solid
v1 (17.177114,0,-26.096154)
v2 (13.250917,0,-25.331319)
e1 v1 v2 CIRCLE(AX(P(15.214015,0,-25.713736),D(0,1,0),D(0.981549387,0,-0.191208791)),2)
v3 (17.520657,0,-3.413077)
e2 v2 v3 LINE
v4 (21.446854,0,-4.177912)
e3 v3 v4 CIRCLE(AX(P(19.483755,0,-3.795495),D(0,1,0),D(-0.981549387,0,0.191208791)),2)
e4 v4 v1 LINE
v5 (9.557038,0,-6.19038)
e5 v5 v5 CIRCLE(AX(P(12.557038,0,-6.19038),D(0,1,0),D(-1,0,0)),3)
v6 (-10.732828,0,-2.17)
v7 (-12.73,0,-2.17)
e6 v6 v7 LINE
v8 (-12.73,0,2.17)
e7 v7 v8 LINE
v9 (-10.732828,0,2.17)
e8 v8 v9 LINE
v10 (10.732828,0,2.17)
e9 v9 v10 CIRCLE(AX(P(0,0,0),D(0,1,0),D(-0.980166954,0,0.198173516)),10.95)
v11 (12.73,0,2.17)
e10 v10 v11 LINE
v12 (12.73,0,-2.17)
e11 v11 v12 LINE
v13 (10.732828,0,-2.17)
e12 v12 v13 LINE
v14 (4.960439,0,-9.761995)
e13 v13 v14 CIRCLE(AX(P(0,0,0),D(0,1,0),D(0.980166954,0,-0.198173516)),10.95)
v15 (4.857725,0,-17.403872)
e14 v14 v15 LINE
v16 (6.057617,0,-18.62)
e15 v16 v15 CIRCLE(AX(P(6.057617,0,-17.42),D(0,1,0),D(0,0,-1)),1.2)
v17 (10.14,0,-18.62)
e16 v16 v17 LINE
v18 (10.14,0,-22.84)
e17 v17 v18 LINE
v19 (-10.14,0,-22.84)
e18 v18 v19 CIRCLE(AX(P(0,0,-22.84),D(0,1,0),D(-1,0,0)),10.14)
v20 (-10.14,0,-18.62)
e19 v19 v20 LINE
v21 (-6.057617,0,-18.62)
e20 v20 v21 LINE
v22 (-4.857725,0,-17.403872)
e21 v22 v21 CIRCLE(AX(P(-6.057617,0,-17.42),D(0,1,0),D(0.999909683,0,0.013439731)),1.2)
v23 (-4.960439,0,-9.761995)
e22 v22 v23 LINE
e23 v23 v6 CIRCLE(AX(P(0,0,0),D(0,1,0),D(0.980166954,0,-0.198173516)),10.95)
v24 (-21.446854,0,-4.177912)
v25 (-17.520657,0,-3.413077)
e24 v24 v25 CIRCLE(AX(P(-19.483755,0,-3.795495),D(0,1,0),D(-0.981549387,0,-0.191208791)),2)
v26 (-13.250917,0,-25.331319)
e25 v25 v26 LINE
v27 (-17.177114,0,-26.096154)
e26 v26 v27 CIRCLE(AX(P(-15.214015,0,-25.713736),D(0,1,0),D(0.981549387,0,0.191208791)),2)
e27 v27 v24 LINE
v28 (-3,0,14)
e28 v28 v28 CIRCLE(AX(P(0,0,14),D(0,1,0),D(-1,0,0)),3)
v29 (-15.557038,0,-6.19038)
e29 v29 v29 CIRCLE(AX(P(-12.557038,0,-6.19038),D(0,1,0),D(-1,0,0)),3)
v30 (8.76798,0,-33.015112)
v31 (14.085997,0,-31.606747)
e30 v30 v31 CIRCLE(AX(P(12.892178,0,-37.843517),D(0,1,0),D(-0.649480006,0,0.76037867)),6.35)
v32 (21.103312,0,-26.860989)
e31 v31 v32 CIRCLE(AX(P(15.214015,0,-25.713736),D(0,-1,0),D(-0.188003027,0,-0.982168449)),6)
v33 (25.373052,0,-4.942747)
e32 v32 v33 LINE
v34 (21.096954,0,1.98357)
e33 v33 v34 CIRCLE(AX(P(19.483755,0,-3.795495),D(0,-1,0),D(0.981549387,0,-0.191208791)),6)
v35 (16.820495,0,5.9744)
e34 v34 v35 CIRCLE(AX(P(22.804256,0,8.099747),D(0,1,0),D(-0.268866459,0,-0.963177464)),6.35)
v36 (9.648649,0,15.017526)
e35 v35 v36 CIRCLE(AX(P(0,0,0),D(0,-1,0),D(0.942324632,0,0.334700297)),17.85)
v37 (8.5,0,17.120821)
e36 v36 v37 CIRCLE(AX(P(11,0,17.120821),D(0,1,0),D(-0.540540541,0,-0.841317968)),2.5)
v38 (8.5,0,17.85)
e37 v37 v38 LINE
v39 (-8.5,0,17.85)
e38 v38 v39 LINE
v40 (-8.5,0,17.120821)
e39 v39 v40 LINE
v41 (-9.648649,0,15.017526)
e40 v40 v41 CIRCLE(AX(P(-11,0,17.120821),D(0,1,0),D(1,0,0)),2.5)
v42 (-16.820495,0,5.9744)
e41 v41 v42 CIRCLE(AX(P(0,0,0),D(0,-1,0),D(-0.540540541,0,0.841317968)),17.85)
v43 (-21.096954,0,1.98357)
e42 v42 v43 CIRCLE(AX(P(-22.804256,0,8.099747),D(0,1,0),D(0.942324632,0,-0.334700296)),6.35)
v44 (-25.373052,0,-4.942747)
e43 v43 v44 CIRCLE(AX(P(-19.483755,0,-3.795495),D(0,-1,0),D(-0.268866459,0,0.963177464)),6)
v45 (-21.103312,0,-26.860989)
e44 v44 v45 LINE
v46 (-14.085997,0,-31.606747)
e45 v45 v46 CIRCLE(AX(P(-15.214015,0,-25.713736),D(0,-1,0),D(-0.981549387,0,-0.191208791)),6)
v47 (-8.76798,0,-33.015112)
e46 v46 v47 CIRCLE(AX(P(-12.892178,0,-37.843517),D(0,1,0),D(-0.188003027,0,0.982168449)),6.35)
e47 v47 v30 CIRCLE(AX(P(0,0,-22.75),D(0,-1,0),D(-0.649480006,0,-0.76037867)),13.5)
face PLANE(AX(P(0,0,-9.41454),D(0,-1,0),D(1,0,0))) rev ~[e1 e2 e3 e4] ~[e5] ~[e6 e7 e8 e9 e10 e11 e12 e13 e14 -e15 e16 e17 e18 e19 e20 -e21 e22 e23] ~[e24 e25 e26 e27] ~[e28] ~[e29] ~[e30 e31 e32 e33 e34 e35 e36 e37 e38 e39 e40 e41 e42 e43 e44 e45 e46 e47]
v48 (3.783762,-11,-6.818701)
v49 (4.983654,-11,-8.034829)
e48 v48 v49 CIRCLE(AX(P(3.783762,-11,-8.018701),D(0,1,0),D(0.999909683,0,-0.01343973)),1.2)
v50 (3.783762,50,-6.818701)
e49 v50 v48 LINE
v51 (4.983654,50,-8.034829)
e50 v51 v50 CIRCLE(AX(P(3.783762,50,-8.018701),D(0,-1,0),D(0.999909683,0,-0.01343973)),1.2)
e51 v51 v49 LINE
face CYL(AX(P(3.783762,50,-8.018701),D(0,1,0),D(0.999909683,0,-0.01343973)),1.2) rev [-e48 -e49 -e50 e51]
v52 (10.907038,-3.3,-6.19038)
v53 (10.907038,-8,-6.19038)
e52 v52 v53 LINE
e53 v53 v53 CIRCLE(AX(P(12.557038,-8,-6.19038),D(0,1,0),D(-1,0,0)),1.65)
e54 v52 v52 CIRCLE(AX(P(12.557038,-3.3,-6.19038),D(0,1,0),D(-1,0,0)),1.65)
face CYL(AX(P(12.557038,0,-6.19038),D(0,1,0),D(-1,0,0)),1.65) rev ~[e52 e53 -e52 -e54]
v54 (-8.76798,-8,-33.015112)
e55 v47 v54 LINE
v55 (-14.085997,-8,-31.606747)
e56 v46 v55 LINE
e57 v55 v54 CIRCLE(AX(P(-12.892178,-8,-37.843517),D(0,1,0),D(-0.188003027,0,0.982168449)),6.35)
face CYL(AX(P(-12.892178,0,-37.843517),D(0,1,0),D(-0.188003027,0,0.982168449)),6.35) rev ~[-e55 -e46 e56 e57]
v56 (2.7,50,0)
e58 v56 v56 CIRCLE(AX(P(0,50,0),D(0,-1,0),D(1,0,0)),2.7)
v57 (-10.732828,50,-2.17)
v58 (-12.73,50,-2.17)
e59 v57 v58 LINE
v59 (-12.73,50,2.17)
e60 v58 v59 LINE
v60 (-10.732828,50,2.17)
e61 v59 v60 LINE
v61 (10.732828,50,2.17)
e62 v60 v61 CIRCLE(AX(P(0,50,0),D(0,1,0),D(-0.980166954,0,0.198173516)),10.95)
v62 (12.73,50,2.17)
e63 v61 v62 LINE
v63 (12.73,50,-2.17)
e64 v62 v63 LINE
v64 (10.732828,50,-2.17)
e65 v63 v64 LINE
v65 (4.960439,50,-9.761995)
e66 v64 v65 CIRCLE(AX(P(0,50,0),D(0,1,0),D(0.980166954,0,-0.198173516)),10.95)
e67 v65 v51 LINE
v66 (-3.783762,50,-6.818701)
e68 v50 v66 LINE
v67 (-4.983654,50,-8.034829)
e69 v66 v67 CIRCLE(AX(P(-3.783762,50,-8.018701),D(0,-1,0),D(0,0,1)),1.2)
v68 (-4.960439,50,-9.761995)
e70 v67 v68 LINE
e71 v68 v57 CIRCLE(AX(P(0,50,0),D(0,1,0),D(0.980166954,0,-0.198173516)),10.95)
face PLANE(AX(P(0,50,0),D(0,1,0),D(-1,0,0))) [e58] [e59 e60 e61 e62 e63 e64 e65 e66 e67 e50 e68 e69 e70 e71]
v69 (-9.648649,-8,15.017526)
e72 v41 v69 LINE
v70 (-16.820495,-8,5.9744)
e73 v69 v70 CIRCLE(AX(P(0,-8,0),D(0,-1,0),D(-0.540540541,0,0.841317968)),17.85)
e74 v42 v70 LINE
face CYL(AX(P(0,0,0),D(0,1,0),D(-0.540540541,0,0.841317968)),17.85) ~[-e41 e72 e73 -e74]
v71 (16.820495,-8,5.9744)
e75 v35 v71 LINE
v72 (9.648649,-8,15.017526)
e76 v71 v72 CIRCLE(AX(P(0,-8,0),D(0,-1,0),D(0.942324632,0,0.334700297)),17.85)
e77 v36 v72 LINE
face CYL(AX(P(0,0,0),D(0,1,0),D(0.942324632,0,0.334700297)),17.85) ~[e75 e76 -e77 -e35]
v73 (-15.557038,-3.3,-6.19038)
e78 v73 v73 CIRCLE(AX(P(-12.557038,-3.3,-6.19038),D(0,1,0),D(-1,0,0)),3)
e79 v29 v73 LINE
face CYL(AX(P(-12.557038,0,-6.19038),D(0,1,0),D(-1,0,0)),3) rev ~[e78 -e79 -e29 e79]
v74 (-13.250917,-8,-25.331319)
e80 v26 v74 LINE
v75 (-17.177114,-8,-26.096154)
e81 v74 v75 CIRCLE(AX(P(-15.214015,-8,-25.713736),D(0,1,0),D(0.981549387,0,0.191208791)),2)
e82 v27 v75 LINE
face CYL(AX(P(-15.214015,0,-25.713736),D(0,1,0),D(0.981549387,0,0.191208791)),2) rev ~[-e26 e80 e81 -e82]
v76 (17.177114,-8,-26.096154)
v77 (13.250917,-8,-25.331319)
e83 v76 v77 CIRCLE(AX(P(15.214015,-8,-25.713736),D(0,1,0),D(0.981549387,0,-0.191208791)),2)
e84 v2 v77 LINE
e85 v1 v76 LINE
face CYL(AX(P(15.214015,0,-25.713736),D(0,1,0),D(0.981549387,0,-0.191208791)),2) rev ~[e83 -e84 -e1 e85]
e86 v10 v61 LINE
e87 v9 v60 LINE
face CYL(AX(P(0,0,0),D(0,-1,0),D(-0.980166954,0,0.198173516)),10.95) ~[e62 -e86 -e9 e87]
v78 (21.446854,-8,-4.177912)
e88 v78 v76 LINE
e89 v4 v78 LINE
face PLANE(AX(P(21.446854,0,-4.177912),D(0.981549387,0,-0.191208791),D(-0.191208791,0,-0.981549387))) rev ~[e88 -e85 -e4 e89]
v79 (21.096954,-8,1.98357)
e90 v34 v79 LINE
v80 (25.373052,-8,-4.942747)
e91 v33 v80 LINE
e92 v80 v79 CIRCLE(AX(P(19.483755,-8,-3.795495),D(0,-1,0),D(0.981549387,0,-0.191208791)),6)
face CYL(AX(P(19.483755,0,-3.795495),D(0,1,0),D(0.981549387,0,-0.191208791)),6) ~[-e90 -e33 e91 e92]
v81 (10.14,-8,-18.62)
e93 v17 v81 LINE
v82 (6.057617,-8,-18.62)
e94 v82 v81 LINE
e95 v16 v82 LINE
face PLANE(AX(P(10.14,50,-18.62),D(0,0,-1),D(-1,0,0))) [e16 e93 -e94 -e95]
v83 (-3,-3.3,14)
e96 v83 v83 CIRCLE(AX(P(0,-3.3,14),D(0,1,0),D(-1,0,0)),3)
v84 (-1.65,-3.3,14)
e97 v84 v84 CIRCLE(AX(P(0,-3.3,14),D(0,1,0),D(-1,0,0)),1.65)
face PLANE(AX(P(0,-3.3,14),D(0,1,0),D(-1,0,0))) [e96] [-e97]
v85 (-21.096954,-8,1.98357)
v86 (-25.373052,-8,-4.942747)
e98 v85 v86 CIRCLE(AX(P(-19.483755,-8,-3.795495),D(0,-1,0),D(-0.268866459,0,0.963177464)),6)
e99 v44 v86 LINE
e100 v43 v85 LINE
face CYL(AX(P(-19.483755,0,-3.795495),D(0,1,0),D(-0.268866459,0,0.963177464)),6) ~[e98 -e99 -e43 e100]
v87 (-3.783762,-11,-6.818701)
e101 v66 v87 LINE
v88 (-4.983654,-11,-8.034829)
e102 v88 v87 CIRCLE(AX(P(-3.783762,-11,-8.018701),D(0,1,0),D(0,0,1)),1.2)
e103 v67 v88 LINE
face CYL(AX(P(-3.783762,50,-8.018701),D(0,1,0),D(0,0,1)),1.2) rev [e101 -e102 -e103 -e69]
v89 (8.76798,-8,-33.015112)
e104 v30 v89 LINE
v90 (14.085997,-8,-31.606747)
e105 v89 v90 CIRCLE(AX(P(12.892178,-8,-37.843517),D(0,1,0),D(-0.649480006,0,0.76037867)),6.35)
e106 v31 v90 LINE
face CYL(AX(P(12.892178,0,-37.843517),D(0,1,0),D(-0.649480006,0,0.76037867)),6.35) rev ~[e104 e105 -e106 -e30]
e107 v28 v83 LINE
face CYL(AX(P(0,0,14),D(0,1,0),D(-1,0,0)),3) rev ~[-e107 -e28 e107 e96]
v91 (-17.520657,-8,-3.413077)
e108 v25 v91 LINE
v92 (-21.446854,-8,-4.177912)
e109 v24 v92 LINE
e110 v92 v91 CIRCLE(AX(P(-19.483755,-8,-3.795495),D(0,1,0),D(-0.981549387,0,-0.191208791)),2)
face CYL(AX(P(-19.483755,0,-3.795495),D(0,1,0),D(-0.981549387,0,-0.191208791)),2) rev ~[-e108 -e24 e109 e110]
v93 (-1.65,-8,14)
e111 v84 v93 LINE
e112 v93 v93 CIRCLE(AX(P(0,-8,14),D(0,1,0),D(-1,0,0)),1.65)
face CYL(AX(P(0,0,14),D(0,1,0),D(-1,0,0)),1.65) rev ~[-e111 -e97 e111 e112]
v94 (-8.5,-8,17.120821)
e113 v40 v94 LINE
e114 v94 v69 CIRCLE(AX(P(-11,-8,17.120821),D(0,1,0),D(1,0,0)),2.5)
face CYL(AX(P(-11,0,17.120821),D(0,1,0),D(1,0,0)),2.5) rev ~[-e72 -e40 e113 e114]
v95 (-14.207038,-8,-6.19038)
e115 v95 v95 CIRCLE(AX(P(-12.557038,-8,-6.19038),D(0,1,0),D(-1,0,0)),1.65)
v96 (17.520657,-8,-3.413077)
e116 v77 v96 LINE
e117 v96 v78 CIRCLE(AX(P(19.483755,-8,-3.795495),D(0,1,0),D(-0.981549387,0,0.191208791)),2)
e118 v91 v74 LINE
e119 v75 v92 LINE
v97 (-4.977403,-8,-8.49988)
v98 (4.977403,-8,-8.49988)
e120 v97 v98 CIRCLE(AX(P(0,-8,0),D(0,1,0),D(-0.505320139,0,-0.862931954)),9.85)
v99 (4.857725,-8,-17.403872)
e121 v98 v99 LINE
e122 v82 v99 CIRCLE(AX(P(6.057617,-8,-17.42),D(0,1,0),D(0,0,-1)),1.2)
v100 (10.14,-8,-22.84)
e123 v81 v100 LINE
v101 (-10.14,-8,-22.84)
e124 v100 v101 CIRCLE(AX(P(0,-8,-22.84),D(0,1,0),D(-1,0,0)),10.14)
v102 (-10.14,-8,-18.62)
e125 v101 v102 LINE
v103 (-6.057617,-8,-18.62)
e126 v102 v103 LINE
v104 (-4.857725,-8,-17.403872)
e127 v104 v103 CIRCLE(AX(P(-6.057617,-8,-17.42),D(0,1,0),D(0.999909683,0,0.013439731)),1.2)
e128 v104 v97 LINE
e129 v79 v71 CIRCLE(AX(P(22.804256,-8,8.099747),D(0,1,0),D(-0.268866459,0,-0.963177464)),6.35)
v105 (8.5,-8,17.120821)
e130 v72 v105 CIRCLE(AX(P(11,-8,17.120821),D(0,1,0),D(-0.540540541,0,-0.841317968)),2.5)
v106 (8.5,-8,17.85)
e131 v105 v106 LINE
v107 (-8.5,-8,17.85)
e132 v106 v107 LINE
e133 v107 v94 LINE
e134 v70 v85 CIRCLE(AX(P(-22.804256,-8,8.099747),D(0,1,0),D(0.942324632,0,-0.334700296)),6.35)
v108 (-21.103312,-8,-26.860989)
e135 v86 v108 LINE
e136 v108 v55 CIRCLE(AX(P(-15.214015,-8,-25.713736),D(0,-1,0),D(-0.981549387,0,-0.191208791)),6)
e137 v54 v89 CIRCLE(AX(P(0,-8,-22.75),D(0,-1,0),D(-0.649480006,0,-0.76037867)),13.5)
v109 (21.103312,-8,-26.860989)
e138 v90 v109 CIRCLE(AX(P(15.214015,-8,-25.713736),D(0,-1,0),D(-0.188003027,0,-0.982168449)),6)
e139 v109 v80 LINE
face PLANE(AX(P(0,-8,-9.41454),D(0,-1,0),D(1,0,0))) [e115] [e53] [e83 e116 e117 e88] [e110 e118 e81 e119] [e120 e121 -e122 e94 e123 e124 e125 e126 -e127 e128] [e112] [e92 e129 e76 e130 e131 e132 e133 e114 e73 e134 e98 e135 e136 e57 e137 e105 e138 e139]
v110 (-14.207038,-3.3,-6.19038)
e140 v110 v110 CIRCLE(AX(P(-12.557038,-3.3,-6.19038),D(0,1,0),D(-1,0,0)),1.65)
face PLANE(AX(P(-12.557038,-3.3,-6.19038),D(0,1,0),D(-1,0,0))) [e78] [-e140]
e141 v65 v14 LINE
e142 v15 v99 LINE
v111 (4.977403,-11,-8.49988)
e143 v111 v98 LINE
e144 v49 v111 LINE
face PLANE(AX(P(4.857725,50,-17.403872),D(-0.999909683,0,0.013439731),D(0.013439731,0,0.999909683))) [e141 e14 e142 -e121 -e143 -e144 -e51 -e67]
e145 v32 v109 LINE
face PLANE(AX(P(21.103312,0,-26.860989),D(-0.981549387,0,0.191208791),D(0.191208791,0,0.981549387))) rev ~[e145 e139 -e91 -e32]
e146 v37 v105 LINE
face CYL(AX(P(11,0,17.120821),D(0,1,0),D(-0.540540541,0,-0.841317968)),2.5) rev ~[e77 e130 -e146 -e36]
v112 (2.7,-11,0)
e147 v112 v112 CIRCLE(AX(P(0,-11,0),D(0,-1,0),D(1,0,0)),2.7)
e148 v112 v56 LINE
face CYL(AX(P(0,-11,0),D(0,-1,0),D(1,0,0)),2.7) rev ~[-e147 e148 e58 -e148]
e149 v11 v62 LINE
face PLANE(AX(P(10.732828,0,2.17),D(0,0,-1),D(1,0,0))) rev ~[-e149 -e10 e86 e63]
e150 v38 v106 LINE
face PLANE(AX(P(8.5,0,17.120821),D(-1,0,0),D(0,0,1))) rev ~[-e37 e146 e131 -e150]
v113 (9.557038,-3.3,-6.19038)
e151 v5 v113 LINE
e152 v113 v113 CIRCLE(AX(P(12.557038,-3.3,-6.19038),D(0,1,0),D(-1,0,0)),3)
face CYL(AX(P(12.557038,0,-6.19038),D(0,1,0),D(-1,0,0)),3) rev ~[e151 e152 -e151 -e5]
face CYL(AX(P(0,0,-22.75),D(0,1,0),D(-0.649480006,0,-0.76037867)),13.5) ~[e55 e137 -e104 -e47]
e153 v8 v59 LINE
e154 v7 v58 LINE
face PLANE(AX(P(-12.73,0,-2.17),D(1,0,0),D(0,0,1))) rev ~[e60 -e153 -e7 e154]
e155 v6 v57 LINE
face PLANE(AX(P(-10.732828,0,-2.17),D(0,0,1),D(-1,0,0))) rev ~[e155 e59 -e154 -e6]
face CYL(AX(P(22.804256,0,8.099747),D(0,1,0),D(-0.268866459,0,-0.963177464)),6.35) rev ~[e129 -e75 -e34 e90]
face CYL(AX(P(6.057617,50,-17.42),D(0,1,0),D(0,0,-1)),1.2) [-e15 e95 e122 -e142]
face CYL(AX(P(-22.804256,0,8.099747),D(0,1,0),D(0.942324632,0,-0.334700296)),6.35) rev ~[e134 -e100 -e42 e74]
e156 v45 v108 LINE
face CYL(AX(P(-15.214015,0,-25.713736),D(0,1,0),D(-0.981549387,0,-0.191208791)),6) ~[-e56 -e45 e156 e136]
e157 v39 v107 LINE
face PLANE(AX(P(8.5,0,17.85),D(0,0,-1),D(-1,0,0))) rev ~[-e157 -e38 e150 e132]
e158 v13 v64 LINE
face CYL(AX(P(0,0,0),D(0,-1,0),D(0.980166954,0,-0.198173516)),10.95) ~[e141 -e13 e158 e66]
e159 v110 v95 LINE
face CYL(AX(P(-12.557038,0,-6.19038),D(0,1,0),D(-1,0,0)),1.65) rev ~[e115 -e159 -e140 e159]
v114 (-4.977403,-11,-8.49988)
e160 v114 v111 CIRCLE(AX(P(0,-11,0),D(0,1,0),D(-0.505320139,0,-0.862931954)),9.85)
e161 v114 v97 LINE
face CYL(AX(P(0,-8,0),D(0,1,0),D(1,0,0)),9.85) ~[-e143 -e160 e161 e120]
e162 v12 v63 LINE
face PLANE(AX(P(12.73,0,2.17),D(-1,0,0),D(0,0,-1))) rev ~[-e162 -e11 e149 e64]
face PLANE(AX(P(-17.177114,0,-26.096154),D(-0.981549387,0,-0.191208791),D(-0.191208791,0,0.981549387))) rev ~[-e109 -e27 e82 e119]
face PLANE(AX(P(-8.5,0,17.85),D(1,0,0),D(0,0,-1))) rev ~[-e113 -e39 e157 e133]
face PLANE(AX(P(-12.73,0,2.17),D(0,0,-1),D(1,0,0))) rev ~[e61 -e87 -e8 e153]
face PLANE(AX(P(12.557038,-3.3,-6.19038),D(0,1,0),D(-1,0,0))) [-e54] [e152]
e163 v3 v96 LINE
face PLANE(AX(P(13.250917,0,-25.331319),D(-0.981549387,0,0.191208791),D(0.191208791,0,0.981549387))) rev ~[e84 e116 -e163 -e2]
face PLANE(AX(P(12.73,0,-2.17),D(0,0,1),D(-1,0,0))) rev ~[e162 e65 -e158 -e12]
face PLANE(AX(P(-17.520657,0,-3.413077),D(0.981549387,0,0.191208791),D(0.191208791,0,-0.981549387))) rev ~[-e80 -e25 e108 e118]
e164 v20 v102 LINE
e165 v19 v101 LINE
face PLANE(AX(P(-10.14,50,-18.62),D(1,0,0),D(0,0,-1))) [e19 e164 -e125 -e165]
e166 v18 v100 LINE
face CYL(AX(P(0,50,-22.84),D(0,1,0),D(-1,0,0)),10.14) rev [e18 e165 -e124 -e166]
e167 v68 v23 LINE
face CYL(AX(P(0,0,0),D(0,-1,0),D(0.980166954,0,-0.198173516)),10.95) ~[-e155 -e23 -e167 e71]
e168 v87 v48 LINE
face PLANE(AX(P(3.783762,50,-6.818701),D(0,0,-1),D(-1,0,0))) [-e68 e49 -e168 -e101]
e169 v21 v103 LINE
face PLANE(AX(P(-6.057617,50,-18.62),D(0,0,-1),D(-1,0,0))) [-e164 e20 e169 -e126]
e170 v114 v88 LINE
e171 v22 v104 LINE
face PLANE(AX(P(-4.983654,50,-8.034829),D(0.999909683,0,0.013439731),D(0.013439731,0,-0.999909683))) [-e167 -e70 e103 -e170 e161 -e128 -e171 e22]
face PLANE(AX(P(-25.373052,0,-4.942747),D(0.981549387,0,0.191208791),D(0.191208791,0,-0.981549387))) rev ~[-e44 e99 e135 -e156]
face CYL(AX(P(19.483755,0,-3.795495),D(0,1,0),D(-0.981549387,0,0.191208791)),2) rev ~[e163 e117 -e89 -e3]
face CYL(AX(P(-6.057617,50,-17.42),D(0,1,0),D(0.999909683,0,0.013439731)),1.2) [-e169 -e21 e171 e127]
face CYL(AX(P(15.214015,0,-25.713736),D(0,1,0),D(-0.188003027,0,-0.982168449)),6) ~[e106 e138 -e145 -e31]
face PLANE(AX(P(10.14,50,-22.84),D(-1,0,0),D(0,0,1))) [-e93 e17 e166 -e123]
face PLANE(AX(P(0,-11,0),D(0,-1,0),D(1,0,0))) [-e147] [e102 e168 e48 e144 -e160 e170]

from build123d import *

# Parameters (mm, degrees)
F1_DEPTH  = 8
F2_R      = 9.85
F3_DEPTH  = 3
F5_DEPTH  = 50
F6_R      = 2.7
F7_DEPTH  = 61
F8_R      = 3
F8_R_2    = 1.65
F9_DEPTH  = 3.3
F10_DEPTH = 25
F11_DEPTH = 25
F12_DEPTH = 25
F15_DEPTH = 61.001


with BuildPart() as f1:
    # F0 (on Front) → F1 (new body)
    with BuildSketch(Plane.XZ):
        with BuildLine():
            ThreePointArc((21.0969540743, 1.9835702793), (18.4718439184, 3.4572581024), (16.8204946757, 5.9744002934))
            ThreePointArc((16.8204946757, 5.9744002934), (13.9856503791, 11.0916222201), (9.6486486486, 15.0175257368))
            ThreePointArc((9.6486486486, 15.0175257368), (8.805873935, 15.9225674247), (8.5, 17.1208206579))
            Line((8.5, 17.1208206579), (8.5, 17.85))
            Line((8.5, 17.85), (0, 17.85))
            Line((0, 17.85), (-8.5, 17.85))
            Line((-8.5, 17.85), (-8.5, 17.1208206579))
            ThreePointArc((-8.5, 17.1208206579), (-8.805873935, 15.9225674247), (-9.6486486486, 15.0175257368))
            ThreePointArc((-9.6486486486, 15.0175257368), (-13.9856503791, 11.0916222201), (-16.8204946757, 5.9744002934))
            ThreePointArc((-16.8204946757, 5.9744002934), (-18.4718439184, 3.4572581024), (-21.0969540743, 1.9835702793))
            ThreePointArc((-21.0969540743, 1.9835702793), (-24.5891766283, -0.6435628298), (-25.3730516414, -4.9427472527))
            Line((-25.3730516414, -4.9427472527), (-21.10331181, -26.860989011))
            ThreePointArc((-21.10331181, -26.860989011), (-18.5752648191, -30.6838472237), (-14.0859973304, -31.6067469569))
            ThreePointArc((-14.0859973304, -31.6067469569), (-11.2665542119, -31.7051253732), (-8.7679800751, -33.0151120502))
            ThreePointArc((-8.7679800751, -33.0151120502), (0, -36.25), (8.7679800751, -33.0151120502))
            ThreePointArc((8.7679800751, -33.0151120502), (11.2665542119, -31.7051253732), (14.0859973304, -31.6067469569))
            ThreePointArc((14.0859973304, -31.6067469569), (18.5752648191, -30.6838472237), (21.10331181, -26.860989011))
            Line((21.10331181, -26.860989011), (25.3730516414, -4.9427472527))
            ThreePointArc((25.3730516414, -4.9427472527), (24.5891766283, -0.6435628298), (21.0969540743, 1.9835702793))
        make_face()
        with BuildLine():
            ThreePointArc((-21.4468540953, -4.1779120879), (-19.8661729047, -1.8323957325), (-17.5206565493, -3.4130769231))
            Line((-17.5206565493, -3.4130769231), (-13.2509167179, -25.3313186813))
            ThreePointArc((-13.2509167179, -25.3313186813), (-14.8315979085, -27.6768350368), (-17.177114264, -26.0961538462))
            Line((-17.177114264, -26.0961538462), (-21.4468540953, -4.1779120879))
        make_face(mode=Mode.SUBTRACT)
        with BuildLine():
            ThreePointArc((17.177114264, -26.0961538462), (14.8315979085, -27.6768350368), (13.2509167179, -25.3313186813))
            Line((13.2509167179, -25.3313186813), (17.5206565493, -3.4130769231))
            ThreePointArc((17.5206565493, -3.4130769231), (19.8661729047, -1.8323957325), (21.4468540953, -4.1779120879))
            Line((21.4468540953, -4.1779120879), (17.177114264, -26.0961538462))
        make_face(mode=Mode.SUBTRACT)
    extrude(amount=F1_DEPTH)

    # F2 (on face) → F3 (join)
    with BuildSketch(Plane.XZ.offset(8)):
        Circle(F2_R)
    extrude(amount=F3_DEPTH)

    # F4 (on face) → F5 (join)
    with BuildSketch(Plane(origin=(0, 0, 0), x_dir=(-1, 0, 0), z_dir=(0, 1, 0))):
        with BuildLine():
            Line((-12.73, -2.17), (-10.7328281455, -2.17))
            ThreePointArc((-10.7328281455, -2.17), (0, -10.95), (10.7328281455, -2.17))
            Line((10.7328281455, -2.17), (12.73, -2.17))
            Line((12.73, -2.17), (12.73, 2.17))
            Line((12.73, 2.17), (10.7328281455, 2.17))
            ThreePointArc((10.7328281455, 2.17), (0, 10.95), (-10.7328281455, 2.17))
            Line((-10.7328281455, 2.17), (-12.73, 2.17))
            Line((-12.73, 2.17), (-12.73, -2.17))
        make_face()
    extrude(amount=F5_DEPTH)

    # F6 (on face) → F7 (cut, through all)
    with BuildSketch(Plane.XZ.offset(11)):
        Circle(F6_R)
    extrude(amount=-F7_DEPTH, mode=Mode.SUBTRACT)

    # F8 (on face) → F9 (cut)
    with BuildSketch(Plane(origin=(0, 0, 0), x_dir=(-1, 0, 0), z_dir=(0, 1, 0))):
        with Locations((0, 14)):
            Circle(F8_R)
        with Locations((0, 14)):
            Circle(F8_R_2, mode=Mode.SUBTRACT)
        with Locations((-12.5570375793, -6.1903802172)):
            Circle(F8_R)
        with Locations((-12.5570375793, -6.1903802172)):
            Circle(F8_R_2, mode=Mode.SUBTRACT)
        with Locations((12.5570375793, -6.1903802172)):
            Circle(F8_R)
        with Locations((12.5570375793, -6.1903802172)):
            Circle(F8_R_2, mode=Mode.SUBTRACT)
    extrude(amount=-F9_DEPTH, mode=Mode.SUBTRACT)

    # F10 (cut): a face of the model
    f10_faces = [f1.faces().sort_by_distance(p)[0] for p in [
        (-12.5570375793, 0, -6.1903802172),
    ]]
    extrude(f10_faces, amount=-F10_DEPTH, mode=Mode.SUBTRACT)

    # F11 (cut): a face of the model
    f11_faces = [f1.faces().sort_by_distance(p)[0] for p in [
        (0, 0, 14),
    ]]
    extrude(f11_faces, amount=-F11_DEPTH, mode=Mode.SUBTRACT)

    # F12 (cut): a face of the model
    f12_faces = [f1.faces().sort_by_distance(p)[0] for p in [
        (12.5570375793, 0, -6.1903802172),
    ]]
    extrude(f12_faces, amount=-F12_DEPTH, mode=Mode.SUBTRACT)

    # F14 (on offset) → F15 (cut, through all)
    with BuildSketch(Plane.XZ.offset(-50)):
        with BuildLine():
            ThreePointArc((-4.8577252987, -17.4038723234), (-5.2034058164, -18.2628068545), (-6.057616918, -18.62))
            Line((-6.057616918, -18.62), (-10.14, -18.62))
            Line((-10.14, -18.62), (-10.14, -22.84))
            ThreePointArc((-10.14, -22.84), (0, -32.98), (10.14, -22.84))
            Line((10.14, -22.84), (10.14, -18.62))
            Line((10.14, -18.62), (6.057616918, -18.62))
            ThreePointArc((6.057616918, -18.62), (5.2034058164, -18.2628068545), (4.8577252987, -17.4038723234))
            Line((4.8577252987, -17.4038723234), (4.9836540955, -8.0348285577))
            ThreePointArc((4.9836540955, -8.0348285577), (4.6379735777, -7.1758940266), (3.7837624762, -6.8187008811))
            Line((3.7837624762, -6.8187008811), (0, -6.8187008811))
            Line((0, -6.8187008811), (-3.7837624762, -6.8187008811))
            ThreePointArc((-3.7837624762, -6.8187008811), (-4.6379735777, -7.1758940266), (-4.9836540955, -8.0348285577))
            Line((-4.9836540955, -8.0348285577), (-4.8577252987, -17.4038723234))
        make_face()
    extrude(amount=F15_DEPTH, mode=Mode.SUBTRACT)


solid = f1.part
